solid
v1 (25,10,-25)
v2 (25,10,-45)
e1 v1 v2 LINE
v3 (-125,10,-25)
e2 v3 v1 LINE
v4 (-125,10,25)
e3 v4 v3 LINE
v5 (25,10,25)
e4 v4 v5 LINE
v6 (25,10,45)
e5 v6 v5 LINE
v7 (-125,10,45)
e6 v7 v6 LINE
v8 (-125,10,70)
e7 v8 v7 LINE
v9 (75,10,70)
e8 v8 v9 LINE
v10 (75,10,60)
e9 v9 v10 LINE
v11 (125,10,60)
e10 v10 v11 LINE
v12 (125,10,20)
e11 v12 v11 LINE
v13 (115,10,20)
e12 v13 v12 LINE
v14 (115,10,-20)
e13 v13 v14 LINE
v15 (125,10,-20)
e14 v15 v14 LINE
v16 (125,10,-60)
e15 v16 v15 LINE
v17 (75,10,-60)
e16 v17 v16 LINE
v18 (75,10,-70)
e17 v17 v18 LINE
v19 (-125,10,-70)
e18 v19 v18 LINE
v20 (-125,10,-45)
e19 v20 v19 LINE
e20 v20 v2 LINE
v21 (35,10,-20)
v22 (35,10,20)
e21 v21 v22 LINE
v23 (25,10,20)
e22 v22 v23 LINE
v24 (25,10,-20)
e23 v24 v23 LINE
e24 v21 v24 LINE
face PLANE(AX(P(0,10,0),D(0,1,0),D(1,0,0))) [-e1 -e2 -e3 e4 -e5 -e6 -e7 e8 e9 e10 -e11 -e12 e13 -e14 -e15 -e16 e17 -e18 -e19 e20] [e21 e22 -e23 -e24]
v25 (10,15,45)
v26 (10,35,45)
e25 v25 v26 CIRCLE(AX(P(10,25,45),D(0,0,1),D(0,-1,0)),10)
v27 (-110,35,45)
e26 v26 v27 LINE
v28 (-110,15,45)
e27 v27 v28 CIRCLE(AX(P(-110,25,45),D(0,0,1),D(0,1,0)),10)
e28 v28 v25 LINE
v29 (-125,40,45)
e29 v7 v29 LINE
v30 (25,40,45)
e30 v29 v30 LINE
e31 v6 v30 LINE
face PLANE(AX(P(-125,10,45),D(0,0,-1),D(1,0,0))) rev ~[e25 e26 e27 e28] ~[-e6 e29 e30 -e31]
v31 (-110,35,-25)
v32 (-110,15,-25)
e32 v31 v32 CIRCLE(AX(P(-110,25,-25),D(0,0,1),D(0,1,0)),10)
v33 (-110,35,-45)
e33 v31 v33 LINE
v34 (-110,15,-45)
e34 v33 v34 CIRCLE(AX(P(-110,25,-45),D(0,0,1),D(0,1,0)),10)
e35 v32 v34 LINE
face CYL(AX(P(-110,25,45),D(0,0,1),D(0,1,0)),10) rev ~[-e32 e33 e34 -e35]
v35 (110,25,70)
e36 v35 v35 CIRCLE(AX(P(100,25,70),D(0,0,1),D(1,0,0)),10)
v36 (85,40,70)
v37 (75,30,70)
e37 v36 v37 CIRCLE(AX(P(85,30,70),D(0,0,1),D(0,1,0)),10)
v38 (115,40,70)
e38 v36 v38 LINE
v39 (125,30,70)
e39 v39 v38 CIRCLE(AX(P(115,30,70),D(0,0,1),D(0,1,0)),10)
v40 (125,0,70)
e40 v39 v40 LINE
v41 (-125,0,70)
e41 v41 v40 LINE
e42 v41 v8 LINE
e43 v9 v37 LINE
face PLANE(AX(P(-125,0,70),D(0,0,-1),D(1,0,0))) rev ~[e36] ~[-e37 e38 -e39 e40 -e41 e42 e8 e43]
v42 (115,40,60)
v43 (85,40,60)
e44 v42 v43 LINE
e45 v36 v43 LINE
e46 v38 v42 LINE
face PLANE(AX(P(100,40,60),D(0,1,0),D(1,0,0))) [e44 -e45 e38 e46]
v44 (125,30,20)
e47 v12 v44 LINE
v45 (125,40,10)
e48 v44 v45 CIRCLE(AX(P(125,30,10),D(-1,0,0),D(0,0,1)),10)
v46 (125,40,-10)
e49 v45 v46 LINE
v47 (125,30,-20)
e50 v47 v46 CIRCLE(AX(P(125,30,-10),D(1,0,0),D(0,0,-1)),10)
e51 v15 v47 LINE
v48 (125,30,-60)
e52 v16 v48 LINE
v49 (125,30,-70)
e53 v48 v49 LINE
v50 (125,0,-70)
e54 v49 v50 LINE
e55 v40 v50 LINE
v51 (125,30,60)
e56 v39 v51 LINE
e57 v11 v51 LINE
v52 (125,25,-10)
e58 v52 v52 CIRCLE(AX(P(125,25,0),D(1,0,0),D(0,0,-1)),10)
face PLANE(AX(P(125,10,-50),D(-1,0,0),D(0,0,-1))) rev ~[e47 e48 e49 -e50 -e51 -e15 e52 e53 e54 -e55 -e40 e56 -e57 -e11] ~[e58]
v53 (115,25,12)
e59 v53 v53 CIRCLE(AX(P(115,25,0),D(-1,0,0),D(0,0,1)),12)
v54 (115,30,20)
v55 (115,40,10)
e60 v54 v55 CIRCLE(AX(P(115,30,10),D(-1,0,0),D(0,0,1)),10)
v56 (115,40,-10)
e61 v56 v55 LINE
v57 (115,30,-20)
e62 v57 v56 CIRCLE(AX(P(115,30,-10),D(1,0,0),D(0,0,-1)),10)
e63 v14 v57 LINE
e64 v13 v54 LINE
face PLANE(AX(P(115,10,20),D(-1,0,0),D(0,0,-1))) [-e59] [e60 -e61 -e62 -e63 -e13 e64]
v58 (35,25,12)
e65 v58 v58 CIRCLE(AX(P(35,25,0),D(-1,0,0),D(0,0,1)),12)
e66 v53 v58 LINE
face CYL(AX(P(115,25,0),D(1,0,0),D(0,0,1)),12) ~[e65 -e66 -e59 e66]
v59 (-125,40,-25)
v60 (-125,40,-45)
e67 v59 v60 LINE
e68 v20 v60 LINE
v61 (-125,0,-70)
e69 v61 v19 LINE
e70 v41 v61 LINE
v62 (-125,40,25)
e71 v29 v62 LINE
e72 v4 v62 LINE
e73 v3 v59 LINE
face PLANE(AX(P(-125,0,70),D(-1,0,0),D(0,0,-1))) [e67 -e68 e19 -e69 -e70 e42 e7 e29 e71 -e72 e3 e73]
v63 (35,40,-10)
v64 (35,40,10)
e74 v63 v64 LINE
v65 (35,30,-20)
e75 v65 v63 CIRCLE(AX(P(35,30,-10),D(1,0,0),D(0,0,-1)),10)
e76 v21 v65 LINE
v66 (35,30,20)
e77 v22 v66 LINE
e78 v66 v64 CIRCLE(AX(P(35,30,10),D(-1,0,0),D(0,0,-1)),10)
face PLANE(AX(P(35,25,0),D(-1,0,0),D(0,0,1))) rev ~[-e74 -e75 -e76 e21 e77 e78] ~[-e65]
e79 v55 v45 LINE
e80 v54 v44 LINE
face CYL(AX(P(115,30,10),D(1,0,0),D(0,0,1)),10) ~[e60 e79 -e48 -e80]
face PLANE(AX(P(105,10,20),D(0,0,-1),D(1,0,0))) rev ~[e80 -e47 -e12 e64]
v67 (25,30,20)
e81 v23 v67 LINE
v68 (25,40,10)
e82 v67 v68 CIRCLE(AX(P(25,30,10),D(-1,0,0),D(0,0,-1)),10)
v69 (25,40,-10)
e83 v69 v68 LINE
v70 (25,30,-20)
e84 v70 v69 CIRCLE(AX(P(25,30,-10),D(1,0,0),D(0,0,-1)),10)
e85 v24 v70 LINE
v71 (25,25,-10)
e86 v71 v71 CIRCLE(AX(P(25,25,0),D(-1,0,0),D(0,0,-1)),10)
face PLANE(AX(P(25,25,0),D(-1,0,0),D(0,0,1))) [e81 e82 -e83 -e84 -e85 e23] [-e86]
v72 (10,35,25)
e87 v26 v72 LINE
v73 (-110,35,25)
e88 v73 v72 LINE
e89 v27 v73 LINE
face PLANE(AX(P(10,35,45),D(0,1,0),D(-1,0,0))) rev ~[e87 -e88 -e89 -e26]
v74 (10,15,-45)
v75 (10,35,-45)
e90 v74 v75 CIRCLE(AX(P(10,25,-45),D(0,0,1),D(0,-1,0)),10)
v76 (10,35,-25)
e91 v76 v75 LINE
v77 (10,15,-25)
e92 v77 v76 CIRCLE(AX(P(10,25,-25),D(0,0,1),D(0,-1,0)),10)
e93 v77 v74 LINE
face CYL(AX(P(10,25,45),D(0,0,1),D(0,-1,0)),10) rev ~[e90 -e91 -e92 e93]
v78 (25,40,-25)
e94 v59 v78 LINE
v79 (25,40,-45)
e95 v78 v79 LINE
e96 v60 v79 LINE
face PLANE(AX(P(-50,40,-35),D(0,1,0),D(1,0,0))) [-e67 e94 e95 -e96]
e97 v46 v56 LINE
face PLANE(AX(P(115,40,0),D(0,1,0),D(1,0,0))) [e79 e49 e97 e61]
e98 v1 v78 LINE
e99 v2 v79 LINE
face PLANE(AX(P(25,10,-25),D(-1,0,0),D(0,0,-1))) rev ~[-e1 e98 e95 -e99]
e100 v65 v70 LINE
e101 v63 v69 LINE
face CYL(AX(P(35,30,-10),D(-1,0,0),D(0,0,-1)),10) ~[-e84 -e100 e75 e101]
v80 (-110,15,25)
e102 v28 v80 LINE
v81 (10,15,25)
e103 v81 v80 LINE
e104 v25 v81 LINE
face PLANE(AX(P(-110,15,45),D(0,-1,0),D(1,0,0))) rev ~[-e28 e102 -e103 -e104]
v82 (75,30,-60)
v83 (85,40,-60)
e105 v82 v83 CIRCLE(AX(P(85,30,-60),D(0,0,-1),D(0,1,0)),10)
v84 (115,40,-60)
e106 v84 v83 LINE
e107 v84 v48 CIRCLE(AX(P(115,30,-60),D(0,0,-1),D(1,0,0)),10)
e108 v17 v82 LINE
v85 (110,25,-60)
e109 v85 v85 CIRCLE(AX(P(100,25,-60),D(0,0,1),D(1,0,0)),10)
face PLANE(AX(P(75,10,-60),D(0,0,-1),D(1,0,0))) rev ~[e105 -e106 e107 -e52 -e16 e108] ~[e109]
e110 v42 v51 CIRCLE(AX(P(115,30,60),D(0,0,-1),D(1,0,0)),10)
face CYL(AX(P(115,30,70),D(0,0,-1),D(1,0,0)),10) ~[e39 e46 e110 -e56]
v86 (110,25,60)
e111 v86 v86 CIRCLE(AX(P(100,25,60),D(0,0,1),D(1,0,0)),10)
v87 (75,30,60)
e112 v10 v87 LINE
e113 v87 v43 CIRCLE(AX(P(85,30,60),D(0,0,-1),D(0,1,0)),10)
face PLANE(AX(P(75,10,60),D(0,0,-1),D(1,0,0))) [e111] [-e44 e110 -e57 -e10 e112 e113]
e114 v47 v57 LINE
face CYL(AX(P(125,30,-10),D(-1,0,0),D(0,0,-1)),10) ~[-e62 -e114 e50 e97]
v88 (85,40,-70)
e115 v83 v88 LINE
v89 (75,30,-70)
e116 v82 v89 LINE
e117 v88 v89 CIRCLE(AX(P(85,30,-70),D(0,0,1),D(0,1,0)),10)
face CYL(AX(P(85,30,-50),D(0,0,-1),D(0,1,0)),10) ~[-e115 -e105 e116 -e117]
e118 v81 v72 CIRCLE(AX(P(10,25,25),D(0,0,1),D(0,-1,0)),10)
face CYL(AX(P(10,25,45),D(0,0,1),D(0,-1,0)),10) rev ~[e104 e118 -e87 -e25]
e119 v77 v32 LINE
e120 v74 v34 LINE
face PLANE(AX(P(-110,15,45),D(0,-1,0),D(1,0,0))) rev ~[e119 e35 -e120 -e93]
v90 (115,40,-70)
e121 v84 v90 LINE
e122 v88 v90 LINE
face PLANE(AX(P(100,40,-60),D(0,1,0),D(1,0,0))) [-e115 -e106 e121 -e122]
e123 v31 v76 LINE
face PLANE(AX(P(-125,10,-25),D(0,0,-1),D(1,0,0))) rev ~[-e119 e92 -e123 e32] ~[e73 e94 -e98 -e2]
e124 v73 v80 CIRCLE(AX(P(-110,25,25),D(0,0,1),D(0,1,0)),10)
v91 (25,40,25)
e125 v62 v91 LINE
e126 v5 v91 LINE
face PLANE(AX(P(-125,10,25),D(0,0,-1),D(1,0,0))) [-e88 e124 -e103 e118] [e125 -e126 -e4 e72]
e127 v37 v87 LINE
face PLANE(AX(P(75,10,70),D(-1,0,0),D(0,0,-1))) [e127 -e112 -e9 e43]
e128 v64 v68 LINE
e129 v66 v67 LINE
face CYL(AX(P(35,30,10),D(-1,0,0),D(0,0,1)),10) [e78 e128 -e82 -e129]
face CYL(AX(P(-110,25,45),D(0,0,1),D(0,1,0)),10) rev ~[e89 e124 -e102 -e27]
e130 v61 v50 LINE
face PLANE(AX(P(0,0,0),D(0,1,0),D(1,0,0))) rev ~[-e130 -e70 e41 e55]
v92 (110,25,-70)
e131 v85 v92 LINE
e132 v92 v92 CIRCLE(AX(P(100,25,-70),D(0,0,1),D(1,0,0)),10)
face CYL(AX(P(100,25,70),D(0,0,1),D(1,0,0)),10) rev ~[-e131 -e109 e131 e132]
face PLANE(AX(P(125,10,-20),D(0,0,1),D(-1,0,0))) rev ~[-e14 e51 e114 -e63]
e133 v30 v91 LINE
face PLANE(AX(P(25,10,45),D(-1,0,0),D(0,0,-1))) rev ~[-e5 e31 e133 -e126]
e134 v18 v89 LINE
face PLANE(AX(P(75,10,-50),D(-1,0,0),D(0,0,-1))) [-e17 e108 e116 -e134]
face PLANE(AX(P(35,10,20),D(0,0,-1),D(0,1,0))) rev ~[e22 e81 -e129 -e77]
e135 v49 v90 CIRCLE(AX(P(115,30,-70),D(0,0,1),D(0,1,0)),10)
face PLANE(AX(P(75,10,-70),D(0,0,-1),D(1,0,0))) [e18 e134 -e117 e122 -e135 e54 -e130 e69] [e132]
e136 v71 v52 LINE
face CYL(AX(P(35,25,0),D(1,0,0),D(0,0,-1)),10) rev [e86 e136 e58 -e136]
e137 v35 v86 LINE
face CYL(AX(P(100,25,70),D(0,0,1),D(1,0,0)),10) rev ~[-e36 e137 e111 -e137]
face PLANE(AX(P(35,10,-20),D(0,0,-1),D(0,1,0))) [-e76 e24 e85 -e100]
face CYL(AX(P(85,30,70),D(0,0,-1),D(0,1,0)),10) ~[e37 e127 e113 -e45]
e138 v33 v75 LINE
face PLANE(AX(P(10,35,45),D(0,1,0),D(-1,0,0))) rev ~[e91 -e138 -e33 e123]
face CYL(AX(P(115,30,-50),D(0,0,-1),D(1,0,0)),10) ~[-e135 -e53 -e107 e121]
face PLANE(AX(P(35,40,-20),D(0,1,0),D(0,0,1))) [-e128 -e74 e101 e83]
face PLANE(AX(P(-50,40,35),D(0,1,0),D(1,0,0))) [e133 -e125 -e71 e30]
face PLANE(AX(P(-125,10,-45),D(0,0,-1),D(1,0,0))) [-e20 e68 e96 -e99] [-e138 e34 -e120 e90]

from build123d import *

# Parameters (mm, degrees)
SKETCH1_W           = 250
SKETCH1_H           = 140
BOSS_EXTRUDE1_DEPTH = 10
SKETCH2_W           = 150
SKETCH2_H           = 20
SKETCH2_W_2         = 50
BOSS_EXTRUDE2_DEPTH = 30
CUT_EXTRUDE1_DEPTH  = 120
SKETCH4_R           = 10
CUT_EXTRUDE2_DEPTH  = 150
SKETCH6_W           = 10
SKETCH6_H           = 40
CUT_EXTRUDE4_DEPTH  = 150
SKETCH7_R           = 10
CUT_EXTRUDE5_DEPTH  = 150
SKETCH8_R           = 12
SKETCH8_R_2         = 10
BOSS_EXTRUDE3_DEPTH = 80
SKETCH9_W           = 40
SKETCH9_H           = 30
SKETCH9_R           = 10
BOSS_EXTRUDE4_DEPTH = 10
FILLET1_R           = 10
FILLET2_R           = 10
FILLET3_R           = 10
SKETCH13_W          = 50
SKETCH13_H          = 25
SKETCH13_H_2        = 22.244291656
CUT_EXTRUDE6_DEPTH  = 40


with BuildPart() as part:
    # Sketch1 → Boss-Extrude1 (new body)
    with BuildSketch(Plane(origin=(0, 0, 0), x_dir=(1, 0, 0), z_dir=(0, 1, 0))):
        Rectangle(SKETCH1_W, SKETCH1_H)
    extrude(amount=BOSS_EXTRUDE1_DEPTH)

    # Sketch2 → Boss-Extrude2 (add)
    with BuildSketch(Plane(origin=(0, 10, 0), x_dir=(1, 0, 0), z_dir=(0, 1, 0))):
        with Locations((-50, 35)):
            Rectangle(SKETCH2_W, SKETCH2_H)
        with Locations((-50, -35)):
            Rectangle(SKETCH2_W, SKETCH2_H)
        Polygon((125, -20), (125, 0), (125, 20), (105, 20), (105, -20), align=None)
        with Locations((100, 60)):
            Rectangle(SKETCH2_W_2, SKETCH2_H)
        with Locations((100, -60)):
            Rectangle(SKETCH2_W_2, SKETCH2_H)
    extrude(amount=BOSS_EXTRUDE2_DEPTH)

    # Sketch3 → Cut-Extrude1 (cut)
    with BuildSketch(Plane.XY.offset(45)):
        with BuildLine():
            Line((10, 35), (-110, 35))
            ThreePointArc((-110, 35), (-120, 25), (-110, 15))
            Line((-110, 15), (10, 15))
            ThreePointArc((10, 15), (20, 25), (10, 35))
        make_face()
    extrude(amount=-CUT_EXTRUDE1_DEPTH, mode=Mode.SUBTRACT)

    # Sketch4 → Cut-Extrude2 (cut)
    with BuildSketch(Plane.XY.offset(70)):
        with Locations((100, 25)):
            Circle(SKETCH4_R)
    extrude(amount=-CUT_EXTRUDE2_DEPTH, mode=Mode.SUBTRACT)

    # Sketch6 → Cut-Extrude4 (cut)
    with BuildSketch(Plane(origin=(0, 10, 0), x_dir=(1, 0, 0), z_dir=(0, 1, 0))):
        with Locations((110, 0)):
            Rectangle(SKETCH6_W, SKETCH6_H)
    extrude(amount=CUT_EXTRUDE4_DEPTH, mode=Mode.SUBTRACT)

    # Sketch7 → Cut-Extrude5 (cut)
    with BuildSketch(Plane(origin=(125, 0, 0), x_dir=(0, 0, -1), z_dir=(1, 0, 0))):
        with Locations((0, 25)):
            Circle(SKETCH7_R)
    extrude(amount=-CUT_EXTRUDE5_DEPTH, mode=Mode.SUBTRACT)

    # Sketch8 → Boss-Extrude3 (add)
    with BuildSketch(Plane.ZY.offset(-115)):
        with Locations((0, 25)):
            Circle(SKETCH8_R)
        with Locations(Location((0, 25, 0), (0, 0, 180))):
            Circle(SKETCH8_R_2, mode=Mode.SUBTRACT)
    extrude(amount=BOSS_EXTRUDE3_DEPTH)

    # Sketch9 → Boss-Extrude4 (add)
    with BuildSketch(Plane.ZY.offset(-35)):
        with Locations((0, 25)):
            Rectangle(SKETCH9_W, SKETCH9_H)
        with Locations(Location((0, 25, 0), (0, 0, 180))):
            Circle(SKETCH9_R, mode=Mode.SUBTRACT)
    extrude(amount=BOSS_EXTRUDE4_DEPTH)

    # Fillet1
    fillet1_edges = [part.edges().sort_by_distance(p)[0] for p in [
        (30, 40, 20),
        (30, 40, -20),
    ]]
    fillet(fillet1_edges, radius=FILLET1_R)

    # Fillet2
    fillet2_edges = [part.edges().sort_by_distance(p)[0] for p in [
        (120, 40, 20),
        (120, 40, -20),
    ]]
    fillet(fillet2_edges, radius=FILLET2_R)

    # Fillet3
    fillet3_edges = [part.edges().sort_by_distance(p)[0] for p in [
        (75, 40, -60),
        (125, 40, -60),
        (75, 40, 60),
        (125, 40, 60),
    ]]
    fillet(fillet3_edges, radius=FILLET3_R)

    # Sketch13 → Cut-Extrude6 (cut)
    with BuildSketch(Plane(origin=(0, 10, 0), x_dir=(1, 0, 0), z_dir=(0, 1, 0))):
        with Locations((100, 47.5)):
            Rectangle(SKETCH13_W, SKETCH13_H)
        with Locations((100, -48.877854172)):
            Rectangle(SKETCH13_W, SKETCH13_H_2)
    extrude(amount=CUT_EXTRUDE6_DEPTH, mode=Mode.SUBTRACT)


solid = part.part
